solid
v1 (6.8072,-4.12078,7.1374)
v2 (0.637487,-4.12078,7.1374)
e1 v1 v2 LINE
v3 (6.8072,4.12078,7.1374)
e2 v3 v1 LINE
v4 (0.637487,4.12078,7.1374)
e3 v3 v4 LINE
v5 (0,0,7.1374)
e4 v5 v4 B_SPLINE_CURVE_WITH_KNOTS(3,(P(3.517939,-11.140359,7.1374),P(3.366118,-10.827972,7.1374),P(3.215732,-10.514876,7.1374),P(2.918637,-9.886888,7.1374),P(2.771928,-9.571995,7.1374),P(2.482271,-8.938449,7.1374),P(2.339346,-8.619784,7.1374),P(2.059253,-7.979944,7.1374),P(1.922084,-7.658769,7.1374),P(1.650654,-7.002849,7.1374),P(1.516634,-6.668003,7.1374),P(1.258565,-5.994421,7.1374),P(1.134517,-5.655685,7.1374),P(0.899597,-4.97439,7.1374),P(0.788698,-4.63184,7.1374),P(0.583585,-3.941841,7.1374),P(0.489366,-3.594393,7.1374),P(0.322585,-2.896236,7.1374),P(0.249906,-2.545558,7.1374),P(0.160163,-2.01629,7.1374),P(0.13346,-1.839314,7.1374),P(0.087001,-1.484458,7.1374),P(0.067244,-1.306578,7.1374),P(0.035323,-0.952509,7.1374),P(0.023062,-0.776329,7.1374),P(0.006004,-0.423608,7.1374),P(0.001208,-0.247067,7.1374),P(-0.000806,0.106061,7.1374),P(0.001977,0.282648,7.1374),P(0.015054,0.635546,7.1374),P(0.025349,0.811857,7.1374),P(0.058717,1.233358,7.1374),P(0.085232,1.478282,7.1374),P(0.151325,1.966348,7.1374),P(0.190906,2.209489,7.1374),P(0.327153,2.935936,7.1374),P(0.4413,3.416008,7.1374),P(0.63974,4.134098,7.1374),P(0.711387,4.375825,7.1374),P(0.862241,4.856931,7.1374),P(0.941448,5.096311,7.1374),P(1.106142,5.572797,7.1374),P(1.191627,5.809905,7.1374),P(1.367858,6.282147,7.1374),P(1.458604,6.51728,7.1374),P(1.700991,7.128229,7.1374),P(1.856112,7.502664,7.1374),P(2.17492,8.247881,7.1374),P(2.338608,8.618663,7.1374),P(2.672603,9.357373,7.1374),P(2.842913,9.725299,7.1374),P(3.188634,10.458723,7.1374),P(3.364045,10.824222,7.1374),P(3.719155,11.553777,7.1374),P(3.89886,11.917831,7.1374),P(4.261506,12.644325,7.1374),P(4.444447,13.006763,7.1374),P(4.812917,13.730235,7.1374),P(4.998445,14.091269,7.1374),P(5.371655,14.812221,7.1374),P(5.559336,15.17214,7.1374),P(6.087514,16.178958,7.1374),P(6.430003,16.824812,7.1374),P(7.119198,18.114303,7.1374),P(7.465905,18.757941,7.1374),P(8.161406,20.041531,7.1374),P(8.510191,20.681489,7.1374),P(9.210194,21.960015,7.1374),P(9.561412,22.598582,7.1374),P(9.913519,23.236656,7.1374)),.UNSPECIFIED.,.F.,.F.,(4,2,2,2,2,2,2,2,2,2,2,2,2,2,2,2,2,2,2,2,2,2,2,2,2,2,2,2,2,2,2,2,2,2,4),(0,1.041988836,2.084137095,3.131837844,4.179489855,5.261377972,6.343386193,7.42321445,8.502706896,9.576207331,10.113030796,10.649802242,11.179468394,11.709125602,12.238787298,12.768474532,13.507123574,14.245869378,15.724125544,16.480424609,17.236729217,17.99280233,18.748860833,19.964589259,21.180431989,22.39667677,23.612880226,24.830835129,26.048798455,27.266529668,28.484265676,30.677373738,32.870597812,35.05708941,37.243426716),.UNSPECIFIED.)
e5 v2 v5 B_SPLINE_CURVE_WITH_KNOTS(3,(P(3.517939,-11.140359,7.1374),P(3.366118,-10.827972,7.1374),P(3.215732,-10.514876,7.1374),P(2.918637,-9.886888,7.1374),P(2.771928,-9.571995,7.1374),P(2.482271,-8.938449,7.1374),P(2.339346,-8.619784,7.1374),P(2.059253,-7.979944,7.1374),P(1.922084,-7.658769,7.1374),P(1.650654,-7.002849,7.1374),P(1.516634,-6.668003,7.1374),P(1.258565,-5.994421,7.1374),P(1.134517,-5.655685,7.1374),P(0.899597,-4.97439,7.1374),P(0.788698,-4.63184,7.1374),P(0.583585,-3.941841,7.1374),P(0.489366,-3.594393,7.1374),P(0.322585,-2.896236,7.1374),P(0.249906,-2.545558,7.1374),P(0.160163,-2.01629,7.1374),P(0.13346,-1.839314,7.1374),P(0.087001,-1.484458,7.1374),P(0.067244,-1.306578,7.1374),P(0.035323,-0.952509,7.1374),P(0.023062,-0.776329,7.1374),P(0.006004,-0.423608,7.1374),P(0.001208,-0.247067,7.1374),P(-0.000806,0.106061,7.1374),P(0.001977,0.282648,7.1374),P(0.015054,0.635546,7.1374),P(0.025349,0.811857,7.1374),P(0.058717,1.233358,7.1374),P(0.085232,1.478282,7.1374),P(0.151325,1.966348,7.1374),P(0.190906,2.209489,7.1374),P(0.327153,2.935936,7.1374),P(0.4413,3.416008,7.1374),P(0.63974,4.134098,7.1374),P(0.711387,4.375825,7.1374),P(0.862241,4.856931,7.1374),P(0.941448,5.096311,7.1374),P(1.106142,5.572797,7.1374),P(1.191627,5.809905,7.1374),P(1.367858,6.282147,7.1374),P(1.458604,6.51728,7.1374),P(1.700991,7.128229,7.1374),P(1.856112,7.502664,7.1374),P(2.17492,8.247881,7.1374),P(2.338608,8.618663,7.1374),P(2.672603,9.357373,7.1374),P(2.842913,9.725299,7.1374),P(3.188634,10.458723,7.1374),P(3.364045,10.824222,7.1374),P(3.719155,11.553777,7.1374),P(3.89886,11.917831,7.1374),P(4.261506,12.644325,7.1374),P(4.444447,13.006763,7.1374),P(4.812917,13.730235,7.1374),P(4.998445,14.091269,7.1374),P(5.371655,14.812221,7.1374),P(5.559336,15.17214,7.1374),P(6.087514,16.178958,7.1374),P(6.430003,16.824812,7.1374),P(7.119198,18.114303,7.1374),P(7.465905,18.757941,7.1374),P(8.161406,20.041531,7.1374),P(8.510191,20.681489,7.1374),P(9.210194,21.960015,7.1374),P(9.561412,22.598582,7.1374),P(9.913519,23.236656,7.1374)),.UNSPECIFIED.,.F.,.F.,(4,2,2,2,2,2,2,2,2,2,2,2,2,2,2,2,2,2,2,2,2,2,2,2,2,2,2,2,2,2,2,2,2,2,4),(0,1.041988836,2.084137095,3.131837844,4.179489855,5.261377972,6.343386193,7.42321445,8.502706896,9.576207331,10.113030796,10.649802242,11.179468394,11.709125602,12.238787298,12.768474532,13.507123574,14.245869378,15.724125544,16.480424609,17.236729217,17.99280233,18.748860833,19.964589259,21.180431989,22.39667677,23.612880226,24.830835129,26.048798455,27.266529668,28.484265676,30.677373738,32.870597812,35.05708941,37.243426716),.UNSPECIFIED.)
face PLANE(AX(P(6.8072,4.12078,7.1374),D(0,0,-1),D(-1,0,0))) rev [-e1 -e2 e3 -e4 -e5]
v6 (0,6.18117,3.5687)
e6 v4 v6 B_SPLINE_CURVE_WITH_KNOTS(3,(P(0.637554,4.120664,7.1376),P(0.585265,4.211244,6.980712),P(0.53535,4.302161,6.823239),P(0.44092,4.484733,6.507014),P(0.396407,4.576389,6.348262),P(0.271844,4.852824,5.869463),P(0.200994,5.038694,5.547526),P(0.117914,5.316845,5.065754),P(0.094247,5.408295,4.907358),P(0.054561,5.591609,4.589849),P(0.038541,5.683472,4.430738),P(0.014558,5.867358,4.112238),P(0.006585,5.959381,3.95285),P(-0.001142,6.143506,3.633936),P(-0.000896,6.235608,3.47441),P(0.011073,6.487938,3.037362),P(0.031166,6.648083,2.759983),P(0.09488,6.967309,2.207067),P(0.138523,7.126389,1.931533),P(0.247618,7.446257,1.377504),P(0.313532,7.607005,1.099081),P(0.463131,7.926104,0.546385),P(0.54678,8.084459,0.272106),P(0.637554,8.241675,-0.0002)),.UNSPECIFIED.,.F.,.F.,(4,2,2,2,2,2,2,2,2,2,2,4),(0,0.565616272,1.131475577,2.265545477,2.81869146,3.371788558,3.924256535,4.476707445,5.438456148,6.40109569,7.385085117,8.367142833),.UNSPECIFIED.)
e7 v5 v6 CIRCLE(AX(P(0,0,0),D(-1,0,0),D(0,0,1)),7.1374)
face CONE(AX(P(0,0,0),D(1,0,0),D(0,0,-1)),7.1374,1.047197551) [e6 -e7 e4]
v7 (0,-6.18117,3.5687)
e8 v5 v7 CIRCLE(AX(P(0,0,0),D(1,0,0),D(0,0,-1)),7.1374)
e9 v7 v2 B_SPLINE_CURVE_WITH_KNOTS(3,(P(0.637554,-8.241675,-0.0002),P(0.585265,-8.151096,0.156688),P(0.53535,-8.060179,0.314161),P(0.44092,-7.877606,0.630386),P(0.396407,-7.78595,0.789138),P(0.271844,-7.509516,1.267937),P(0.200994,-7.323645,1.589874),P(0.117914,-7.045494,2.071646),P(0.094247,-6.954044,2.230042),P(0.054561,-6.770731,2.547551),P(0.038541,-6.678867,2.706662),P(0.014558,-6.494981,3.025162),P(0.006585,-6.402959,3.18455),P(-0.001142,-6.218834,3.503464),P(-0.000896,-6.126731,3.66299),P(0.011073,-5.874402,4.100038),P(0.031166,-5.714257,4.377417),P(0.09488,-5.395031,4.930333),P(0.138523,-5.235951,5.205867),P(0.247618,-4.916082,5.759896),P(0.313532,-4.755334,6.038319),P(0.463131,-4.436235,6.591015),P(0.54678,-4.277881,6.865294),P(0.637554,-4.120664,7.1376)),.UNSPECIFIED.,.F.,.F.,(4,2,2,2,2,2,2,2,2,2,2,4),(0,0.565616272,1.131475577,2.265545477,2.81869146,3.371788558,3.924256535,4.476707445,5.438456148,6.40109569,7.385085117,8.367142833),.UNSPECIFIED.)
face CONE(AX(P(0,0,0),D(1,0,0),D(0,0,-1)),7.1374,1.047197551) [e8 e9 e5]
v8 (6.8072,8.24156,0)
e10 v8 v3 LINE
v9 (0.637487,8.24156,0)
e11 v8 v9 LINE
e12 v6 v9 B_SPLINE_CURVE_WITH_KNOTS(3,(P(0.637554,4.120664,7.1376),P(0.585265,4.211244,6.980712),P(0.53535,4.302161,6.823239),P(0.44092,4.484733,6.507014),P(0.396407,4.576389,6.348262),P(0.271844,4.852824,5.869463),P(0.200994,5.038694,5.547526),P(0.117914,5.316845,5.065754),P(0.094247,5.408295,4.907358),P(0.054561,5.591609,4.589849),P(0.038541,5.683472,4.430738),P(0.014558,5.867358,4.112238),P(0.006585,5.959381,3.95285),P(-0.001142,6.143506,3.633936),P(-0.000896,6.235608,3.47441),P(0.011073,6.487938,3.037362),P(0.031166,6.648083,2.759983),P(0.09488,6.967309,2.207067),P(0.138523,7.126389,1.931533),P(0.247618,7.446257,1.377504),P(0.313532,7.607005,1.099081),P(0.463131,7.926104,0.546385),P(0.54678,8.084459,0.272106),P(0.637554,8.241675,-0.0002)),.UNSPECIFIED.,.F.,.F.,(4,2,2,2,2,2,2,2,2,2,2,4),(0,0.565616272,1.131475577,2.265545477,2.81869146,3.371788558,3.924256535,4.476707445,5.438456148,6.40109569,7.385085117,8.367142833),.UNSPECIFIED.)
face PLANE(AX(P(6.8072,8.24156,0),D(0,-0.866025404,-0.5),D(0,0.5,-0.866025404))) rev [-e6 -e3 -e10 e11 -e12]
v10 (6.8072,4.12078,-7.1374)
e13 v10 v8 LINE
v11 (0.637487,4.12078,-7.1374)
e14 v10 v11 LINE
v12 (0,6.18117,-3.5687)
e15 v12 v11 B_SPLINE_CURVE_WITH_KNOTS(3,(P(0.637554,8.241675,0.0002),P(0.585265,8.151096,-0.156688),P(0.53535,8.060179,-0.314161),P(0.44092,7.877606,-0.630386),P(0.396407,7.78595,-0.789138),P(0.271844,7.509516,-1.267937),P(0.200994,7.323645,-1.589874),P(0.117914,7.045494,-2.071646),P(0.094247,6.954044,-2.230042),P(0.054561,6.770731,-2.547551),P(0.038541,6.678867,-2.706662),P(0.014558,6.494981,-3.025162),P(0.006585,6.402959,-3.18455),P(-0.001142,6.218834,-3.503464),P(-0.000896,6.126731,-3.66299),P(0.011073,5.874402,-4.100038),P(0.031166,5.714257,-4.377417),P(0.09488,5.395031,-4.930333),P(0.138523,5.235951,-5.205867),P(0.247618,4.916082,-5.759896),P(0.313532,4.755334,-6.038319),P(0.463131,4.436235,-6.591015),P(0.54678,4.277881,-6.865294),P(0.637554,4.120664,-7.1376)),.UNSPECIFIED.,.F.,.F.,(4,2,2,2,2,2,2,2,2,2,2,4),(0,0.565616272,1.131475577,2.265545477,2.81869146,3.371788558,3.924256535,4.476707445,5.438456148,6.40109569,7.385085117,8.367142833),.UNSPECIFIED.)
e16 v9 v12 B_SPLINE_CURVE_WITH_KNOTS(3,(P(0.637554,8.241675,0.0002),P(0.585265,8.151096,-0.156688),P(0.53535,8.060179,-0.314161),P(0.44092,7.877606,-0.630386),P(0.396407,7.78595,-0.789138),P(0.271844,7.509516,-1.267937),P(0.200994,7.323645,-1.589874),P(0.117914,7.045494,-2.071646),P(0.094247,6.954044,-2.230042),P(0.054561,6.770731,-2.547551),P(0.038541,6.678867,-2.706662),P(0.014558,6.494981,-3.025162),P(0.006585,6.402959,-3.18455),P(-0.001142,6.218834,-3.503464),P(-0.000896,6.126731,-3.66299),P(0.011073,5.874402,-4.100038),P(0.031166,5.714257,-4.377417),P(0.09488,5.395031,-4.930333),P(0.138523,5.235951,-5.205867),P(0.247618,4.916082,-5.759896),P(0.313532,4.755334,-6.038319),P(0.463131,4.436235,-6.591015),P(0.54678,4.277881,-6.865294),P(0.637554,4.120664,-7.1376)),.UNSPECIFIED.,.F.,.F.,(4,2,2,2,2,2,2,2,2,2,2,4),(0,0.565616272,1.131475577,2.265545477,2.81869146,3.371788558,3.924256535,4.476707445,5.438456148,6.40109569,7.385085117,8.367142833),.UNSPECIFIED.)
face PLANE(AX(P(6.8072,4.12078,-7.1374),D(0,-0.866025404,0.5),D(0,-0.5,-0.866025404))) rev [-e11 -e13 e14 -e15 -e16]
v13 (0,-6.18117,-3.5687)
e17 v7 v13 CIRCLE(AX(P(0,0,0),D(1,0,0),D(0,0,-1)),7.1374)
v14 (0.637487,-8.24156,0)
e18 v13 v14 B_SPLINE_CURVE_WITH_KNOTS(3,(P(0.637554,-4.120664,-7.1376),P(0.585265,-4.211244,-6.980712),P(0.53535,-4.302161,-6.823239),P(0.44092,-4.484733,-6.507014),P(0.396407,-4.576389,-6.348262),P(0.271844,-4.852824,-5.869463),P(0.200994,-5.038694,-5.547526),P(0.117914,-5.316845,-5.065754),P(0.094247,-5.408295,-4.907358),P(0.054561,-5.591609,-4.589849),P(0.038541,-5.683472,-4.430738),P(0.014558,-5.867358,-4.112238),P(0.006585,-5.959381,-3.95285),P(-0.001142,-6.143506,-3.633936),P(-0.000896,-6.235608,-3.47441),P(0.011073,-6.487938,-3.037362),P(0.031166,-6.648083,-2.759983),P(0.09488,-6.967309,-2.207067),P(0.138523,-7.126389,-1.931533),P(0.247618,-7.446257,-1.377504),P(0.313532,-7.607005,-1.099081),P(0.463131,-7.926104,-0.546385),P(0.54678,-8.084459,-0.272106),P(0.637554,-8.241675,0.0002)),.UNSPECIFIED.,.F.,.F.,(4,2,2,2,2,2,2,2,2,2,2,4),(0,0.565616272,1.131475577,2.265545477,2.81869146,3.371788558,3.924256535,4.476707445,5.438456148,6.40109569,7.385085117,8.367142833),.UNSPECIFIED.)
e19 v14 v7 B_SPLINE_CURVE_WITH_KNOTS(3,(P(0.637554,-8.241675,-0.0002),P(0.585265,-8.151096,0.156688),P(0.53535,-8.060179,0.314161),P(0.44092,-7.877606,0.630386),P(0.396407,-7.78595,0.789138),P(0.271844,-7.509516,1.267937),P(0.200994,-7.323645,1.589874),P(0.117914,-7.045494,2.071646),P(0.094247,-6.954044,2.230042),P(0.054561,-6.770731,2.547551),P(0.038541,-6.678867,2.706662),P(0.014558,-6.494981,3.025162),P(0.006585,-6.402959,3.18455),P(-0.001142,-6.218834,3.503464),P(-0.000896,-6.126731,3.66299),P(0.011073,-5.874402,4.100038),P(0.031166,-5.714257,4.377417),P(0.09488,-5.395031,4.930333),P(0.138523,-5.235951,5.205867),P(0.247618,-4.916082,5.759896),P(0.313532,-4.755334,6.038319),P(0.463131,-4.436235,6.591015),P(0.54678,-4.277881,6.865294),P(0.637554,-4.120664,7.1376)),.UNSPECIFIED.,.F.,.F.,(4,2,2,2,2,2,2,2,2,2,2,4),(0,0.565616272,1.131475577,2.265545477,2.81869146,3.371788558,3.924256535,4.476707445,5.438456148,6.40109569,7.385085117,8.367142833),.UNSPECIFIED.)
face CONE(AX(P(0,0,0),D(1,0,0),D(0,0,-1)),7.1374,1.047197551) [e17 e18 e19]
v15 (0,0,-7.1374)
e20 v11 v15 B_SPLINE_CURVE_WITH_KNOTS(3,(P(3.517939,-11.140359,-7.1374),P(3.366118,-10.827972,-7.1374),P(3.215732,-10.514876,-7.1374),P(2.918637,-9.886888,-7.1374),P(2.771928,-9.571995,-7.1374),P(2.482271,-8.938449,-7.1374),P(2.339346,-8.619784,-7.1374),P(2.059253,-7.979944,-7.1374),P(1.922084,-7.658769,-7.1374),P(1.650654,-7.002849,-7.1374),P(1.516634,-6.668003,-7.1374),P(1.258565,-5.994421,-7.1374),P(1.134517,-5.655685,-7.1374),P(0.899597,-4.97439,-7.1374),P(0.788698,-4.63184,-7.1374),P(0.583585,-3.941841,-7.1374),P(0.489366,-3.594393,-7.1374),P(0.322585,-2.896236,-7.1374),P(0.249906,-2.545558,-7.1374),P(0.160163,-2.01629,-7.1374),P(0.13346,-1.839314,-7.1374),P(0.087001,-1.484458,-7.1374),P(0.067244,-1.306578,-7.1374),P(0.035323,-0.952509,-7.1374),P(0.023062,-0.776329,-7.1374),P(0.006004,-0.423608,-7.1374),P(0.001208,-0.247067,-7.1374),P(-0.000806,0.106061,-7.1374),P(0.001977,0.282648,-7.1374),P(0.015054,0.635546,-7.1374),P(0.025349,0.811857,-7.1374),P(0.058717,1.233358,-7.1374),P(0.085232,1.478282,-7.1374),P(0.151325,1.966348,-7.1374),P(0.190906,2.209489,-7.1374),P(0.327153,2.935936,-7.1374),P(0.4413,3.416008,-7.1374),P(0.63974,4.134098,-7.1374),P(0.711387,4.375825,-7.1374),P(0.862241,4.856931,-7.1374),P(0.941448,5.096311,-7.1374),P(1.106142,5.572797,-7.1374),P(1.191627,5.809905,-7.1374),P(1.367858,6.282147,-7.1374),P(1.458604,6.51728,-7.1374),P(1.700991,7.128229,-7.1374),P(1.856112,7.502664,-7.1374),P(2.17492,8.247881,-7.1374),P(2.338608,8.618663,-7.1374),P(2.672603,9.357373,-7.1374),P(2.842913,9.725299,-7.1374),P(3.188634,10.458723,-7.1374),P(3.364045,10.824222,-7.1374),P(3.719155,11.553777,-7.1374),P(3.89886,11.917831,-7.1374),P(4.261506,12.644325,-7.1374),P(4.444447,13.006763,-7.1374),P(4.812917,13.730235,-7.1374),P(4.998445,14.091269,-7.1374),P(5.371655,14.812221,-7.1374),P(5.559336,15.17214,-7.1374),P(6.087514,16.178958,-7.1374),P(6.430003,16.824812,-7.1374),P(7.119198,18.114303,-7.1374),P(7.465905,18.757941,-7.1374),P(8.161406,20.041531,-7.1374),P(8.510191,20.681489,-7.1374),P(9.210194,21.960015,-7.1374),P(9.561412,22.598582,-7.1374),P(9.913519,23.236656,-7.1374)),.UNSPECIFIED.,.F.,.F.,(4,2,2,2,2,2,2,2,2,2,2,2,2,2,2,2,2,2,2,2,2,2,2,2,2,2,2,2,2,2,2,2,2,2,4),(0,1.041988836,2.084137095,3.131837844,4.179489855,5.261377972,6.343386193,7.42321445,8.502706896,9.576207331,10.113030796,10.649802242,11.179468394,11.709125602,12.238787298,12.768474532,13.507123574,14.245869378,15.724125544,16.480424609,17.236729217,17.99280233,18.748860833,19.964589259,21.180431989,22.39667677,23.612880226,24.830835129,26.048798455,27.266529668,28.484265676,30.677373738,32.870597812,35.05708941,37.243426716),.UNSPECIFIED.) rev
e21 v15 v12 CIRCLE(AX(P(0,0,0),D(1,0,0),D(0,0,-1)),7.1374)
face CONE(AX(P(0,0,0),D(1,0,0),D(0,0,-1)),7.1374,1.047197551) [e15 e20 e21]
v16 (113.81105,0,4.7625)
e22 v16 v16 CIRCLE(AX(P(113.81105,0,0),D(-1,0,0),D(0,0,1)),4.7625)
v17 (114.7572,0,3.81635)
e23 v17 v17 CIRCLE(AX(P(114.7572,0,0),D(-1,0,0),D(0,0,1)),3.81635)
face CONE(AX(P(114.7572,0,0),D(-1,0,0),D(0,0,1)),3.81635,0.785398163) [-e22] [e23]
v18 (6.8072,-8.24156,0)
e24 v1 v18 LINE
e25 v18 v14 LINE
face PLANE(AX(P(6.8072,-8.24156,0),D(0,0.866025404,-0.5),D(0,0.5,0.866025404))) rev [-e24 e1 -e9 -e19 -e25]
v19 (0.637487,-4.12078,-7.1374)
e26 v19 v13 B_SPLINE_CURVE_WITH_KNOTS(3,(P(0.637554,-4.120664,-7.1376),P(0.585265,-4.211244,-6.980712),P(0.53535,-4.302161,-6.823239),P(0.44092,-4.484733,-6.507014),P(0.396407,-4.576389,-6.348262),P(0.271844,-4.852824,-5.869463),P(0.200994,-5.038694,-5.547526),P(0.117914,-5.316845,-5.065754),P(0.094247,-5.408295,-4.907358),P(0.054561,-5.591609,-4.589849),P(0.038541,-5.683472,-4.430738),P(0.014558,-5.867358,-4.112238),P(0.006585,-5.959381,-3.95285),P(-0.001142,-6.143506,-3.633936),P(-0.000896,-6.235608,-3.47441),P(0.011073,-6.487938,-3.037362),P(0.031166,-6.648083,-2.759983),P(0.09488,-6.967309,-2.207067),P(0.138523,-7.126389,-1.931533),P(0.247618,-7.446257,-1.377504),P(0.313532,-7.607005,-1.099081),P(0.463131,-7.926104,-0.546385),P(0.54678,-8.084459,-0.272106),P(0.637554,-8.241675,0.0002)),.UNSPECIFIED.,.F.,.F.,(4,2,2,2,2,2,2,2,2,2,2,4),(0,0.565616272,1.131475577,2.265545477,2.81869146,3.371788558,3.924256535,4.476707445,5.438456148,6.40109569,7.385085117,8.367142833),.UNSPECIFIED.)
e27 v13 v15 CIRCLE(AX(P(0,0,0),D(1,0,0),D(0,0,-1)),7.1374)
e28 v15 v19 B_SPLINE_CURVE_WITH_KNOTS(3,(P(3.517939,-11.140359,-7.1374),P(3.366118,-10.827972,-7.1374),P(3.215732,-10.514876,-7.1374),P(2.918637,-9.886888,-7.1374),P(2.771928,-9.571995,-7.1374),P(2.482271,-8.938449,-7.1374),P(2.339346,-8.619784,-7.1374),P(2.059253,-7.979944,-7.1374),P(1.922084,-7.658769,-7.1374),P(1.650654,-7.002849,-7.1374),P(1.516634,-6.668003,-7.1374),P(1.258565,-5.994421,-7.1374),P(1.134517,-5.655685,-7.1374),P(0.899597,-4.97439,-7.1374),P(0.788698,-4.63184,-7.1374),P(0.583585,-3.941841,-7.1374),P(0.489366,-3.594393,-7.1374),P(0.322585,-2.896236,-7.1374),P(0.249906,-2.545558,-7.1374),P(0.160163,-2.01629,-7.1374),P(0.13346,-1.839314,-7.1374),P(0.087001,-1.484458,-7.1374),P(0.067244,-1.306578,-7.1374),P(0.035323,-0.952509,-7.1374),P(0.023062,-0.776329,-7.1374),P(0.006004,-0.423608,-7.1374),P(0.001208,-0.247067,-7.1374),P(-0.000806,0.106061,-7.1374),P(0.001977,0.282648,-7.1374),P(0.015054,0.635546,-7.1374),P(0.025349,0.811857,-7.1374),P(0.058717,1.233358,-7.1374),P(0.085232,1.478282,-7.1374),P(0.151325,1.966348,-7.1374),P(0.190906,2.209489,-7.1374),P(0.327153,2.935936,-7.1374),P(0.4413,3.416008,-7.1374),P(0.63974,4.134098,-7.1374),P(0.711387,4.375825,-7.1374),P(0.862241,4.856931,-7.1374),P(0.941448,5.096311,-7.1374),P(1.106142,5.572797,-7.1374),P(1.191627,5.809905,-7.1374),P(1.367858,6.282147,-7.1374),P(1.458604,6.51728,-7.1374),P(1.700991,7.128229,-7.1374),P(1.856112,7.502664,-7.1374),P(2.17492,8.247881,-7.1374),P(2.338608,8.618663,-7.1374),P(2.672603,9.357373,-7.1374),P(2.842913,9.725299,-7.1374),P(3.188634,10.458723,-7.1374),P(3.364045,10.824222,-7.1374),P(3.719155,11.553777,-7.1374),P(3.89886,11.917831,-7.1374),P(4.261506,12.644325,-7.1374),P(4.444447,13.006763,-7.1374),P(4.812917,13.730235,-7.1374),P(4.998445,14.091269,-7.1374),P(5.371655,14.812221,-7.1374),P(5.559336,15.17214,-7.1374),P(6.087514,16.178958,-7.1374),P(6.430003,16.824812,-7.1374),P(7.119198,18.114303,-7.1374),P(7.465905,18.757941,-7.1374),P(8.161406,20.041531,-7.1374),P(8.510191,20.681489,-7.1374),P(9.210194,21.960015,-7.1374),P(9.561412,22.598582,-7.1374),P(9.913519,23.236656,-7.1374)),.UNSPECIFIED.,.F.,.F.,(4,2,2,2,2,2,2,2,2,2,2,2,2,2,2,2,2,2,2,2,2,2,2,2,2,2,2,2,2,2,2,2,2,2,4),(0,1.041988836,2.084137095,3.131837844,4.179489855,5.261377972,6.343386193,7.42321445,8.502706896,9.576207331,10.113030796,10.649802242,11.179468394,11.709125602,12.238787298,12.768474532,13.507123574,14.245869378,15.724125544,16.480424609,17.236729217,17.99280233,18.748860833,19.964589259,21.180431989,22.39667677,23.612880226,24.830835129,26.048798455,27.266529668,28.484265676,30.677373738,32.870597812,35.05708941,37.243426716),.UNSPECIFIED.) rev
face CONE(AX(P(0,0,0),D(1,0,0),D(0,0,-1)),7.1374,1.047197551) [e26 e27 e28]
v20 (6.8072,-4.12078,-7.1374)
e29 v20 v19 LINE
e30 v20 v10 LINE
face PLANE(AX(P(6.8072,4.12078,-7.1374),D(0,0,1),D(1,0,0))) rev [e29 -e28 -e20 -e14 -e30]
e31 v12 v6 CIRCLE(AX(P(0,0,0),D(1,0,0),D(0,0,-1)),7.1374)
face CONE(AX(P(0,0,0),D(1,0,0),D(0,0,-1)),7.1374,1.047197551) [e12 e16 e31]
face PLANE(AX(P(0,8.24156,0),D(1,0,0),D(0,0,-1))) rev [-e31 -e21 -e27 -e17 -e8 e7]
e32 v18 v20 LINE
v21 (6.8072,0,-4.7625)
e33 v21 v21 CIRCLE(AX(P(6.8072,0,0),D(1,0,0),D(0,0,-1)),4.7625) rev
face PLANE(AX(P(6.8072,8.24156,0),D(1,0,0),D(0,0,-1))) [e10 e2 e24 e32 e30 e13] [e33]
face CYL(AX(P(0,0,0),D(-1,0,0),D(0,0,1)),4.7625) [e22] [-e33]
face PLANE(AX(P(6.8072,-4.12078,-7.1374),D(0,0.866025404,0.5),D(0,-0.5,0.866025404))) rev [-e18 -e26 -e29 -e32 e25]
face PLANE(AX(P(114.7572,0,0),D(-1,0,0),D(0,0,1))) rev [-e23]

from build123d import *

# Parameters (mm, degrees)
BASEHEAD_DEPTH = 6.8072


with BuildPart() as part:
    # Sketch1 → BaseHead (new body)
    with BuildSketch(Plane(origin=(0, 0, 0), x_dir=(0, 0, -1), z_dir=(1, 0, 0))):
        Polygon((7.1374, 4.120779811), (7.1374, -4.120779811), (0, -8.241559623), (-7.1374, -4.120779811), (-7.1374, 4.120779811), (0, 8.241559623), align=None)
    extrude(amount=BASEHEAD_DEPTH)

    # BodySke → BaseBody (revolve)
    with BuildSketch(Plane.XY, mode=Mode.PRIVATE) as basebody_sk:
        Polygon((0, 0), (114.7572, 0), (114.7572, 3.81635), (113.81105, 4.7625), (0, 4.7625), align=None)
    revolve(basebody_sk.sketch.rotate(Axis((0, 0, 0), (1, 0, 0)), 90), axis=Axis((0, 0, 0), (1, 0, 0)))

    # Sketch3 → HeadChamfer (revolve, cut)
    with BuildSketch(Plane.XY):
        Polygon((0, 7.1374), (4.303661065, 14.591559623), (4.303661065, 20.941559623), (-12.7, 20.941559623), (-12.7, 7.1374), align=None)
    revolve(axis=Axis((0, 0, 0), (1, 0, 0)), mode=Mode.SUBTRACT)


solid = part.part
